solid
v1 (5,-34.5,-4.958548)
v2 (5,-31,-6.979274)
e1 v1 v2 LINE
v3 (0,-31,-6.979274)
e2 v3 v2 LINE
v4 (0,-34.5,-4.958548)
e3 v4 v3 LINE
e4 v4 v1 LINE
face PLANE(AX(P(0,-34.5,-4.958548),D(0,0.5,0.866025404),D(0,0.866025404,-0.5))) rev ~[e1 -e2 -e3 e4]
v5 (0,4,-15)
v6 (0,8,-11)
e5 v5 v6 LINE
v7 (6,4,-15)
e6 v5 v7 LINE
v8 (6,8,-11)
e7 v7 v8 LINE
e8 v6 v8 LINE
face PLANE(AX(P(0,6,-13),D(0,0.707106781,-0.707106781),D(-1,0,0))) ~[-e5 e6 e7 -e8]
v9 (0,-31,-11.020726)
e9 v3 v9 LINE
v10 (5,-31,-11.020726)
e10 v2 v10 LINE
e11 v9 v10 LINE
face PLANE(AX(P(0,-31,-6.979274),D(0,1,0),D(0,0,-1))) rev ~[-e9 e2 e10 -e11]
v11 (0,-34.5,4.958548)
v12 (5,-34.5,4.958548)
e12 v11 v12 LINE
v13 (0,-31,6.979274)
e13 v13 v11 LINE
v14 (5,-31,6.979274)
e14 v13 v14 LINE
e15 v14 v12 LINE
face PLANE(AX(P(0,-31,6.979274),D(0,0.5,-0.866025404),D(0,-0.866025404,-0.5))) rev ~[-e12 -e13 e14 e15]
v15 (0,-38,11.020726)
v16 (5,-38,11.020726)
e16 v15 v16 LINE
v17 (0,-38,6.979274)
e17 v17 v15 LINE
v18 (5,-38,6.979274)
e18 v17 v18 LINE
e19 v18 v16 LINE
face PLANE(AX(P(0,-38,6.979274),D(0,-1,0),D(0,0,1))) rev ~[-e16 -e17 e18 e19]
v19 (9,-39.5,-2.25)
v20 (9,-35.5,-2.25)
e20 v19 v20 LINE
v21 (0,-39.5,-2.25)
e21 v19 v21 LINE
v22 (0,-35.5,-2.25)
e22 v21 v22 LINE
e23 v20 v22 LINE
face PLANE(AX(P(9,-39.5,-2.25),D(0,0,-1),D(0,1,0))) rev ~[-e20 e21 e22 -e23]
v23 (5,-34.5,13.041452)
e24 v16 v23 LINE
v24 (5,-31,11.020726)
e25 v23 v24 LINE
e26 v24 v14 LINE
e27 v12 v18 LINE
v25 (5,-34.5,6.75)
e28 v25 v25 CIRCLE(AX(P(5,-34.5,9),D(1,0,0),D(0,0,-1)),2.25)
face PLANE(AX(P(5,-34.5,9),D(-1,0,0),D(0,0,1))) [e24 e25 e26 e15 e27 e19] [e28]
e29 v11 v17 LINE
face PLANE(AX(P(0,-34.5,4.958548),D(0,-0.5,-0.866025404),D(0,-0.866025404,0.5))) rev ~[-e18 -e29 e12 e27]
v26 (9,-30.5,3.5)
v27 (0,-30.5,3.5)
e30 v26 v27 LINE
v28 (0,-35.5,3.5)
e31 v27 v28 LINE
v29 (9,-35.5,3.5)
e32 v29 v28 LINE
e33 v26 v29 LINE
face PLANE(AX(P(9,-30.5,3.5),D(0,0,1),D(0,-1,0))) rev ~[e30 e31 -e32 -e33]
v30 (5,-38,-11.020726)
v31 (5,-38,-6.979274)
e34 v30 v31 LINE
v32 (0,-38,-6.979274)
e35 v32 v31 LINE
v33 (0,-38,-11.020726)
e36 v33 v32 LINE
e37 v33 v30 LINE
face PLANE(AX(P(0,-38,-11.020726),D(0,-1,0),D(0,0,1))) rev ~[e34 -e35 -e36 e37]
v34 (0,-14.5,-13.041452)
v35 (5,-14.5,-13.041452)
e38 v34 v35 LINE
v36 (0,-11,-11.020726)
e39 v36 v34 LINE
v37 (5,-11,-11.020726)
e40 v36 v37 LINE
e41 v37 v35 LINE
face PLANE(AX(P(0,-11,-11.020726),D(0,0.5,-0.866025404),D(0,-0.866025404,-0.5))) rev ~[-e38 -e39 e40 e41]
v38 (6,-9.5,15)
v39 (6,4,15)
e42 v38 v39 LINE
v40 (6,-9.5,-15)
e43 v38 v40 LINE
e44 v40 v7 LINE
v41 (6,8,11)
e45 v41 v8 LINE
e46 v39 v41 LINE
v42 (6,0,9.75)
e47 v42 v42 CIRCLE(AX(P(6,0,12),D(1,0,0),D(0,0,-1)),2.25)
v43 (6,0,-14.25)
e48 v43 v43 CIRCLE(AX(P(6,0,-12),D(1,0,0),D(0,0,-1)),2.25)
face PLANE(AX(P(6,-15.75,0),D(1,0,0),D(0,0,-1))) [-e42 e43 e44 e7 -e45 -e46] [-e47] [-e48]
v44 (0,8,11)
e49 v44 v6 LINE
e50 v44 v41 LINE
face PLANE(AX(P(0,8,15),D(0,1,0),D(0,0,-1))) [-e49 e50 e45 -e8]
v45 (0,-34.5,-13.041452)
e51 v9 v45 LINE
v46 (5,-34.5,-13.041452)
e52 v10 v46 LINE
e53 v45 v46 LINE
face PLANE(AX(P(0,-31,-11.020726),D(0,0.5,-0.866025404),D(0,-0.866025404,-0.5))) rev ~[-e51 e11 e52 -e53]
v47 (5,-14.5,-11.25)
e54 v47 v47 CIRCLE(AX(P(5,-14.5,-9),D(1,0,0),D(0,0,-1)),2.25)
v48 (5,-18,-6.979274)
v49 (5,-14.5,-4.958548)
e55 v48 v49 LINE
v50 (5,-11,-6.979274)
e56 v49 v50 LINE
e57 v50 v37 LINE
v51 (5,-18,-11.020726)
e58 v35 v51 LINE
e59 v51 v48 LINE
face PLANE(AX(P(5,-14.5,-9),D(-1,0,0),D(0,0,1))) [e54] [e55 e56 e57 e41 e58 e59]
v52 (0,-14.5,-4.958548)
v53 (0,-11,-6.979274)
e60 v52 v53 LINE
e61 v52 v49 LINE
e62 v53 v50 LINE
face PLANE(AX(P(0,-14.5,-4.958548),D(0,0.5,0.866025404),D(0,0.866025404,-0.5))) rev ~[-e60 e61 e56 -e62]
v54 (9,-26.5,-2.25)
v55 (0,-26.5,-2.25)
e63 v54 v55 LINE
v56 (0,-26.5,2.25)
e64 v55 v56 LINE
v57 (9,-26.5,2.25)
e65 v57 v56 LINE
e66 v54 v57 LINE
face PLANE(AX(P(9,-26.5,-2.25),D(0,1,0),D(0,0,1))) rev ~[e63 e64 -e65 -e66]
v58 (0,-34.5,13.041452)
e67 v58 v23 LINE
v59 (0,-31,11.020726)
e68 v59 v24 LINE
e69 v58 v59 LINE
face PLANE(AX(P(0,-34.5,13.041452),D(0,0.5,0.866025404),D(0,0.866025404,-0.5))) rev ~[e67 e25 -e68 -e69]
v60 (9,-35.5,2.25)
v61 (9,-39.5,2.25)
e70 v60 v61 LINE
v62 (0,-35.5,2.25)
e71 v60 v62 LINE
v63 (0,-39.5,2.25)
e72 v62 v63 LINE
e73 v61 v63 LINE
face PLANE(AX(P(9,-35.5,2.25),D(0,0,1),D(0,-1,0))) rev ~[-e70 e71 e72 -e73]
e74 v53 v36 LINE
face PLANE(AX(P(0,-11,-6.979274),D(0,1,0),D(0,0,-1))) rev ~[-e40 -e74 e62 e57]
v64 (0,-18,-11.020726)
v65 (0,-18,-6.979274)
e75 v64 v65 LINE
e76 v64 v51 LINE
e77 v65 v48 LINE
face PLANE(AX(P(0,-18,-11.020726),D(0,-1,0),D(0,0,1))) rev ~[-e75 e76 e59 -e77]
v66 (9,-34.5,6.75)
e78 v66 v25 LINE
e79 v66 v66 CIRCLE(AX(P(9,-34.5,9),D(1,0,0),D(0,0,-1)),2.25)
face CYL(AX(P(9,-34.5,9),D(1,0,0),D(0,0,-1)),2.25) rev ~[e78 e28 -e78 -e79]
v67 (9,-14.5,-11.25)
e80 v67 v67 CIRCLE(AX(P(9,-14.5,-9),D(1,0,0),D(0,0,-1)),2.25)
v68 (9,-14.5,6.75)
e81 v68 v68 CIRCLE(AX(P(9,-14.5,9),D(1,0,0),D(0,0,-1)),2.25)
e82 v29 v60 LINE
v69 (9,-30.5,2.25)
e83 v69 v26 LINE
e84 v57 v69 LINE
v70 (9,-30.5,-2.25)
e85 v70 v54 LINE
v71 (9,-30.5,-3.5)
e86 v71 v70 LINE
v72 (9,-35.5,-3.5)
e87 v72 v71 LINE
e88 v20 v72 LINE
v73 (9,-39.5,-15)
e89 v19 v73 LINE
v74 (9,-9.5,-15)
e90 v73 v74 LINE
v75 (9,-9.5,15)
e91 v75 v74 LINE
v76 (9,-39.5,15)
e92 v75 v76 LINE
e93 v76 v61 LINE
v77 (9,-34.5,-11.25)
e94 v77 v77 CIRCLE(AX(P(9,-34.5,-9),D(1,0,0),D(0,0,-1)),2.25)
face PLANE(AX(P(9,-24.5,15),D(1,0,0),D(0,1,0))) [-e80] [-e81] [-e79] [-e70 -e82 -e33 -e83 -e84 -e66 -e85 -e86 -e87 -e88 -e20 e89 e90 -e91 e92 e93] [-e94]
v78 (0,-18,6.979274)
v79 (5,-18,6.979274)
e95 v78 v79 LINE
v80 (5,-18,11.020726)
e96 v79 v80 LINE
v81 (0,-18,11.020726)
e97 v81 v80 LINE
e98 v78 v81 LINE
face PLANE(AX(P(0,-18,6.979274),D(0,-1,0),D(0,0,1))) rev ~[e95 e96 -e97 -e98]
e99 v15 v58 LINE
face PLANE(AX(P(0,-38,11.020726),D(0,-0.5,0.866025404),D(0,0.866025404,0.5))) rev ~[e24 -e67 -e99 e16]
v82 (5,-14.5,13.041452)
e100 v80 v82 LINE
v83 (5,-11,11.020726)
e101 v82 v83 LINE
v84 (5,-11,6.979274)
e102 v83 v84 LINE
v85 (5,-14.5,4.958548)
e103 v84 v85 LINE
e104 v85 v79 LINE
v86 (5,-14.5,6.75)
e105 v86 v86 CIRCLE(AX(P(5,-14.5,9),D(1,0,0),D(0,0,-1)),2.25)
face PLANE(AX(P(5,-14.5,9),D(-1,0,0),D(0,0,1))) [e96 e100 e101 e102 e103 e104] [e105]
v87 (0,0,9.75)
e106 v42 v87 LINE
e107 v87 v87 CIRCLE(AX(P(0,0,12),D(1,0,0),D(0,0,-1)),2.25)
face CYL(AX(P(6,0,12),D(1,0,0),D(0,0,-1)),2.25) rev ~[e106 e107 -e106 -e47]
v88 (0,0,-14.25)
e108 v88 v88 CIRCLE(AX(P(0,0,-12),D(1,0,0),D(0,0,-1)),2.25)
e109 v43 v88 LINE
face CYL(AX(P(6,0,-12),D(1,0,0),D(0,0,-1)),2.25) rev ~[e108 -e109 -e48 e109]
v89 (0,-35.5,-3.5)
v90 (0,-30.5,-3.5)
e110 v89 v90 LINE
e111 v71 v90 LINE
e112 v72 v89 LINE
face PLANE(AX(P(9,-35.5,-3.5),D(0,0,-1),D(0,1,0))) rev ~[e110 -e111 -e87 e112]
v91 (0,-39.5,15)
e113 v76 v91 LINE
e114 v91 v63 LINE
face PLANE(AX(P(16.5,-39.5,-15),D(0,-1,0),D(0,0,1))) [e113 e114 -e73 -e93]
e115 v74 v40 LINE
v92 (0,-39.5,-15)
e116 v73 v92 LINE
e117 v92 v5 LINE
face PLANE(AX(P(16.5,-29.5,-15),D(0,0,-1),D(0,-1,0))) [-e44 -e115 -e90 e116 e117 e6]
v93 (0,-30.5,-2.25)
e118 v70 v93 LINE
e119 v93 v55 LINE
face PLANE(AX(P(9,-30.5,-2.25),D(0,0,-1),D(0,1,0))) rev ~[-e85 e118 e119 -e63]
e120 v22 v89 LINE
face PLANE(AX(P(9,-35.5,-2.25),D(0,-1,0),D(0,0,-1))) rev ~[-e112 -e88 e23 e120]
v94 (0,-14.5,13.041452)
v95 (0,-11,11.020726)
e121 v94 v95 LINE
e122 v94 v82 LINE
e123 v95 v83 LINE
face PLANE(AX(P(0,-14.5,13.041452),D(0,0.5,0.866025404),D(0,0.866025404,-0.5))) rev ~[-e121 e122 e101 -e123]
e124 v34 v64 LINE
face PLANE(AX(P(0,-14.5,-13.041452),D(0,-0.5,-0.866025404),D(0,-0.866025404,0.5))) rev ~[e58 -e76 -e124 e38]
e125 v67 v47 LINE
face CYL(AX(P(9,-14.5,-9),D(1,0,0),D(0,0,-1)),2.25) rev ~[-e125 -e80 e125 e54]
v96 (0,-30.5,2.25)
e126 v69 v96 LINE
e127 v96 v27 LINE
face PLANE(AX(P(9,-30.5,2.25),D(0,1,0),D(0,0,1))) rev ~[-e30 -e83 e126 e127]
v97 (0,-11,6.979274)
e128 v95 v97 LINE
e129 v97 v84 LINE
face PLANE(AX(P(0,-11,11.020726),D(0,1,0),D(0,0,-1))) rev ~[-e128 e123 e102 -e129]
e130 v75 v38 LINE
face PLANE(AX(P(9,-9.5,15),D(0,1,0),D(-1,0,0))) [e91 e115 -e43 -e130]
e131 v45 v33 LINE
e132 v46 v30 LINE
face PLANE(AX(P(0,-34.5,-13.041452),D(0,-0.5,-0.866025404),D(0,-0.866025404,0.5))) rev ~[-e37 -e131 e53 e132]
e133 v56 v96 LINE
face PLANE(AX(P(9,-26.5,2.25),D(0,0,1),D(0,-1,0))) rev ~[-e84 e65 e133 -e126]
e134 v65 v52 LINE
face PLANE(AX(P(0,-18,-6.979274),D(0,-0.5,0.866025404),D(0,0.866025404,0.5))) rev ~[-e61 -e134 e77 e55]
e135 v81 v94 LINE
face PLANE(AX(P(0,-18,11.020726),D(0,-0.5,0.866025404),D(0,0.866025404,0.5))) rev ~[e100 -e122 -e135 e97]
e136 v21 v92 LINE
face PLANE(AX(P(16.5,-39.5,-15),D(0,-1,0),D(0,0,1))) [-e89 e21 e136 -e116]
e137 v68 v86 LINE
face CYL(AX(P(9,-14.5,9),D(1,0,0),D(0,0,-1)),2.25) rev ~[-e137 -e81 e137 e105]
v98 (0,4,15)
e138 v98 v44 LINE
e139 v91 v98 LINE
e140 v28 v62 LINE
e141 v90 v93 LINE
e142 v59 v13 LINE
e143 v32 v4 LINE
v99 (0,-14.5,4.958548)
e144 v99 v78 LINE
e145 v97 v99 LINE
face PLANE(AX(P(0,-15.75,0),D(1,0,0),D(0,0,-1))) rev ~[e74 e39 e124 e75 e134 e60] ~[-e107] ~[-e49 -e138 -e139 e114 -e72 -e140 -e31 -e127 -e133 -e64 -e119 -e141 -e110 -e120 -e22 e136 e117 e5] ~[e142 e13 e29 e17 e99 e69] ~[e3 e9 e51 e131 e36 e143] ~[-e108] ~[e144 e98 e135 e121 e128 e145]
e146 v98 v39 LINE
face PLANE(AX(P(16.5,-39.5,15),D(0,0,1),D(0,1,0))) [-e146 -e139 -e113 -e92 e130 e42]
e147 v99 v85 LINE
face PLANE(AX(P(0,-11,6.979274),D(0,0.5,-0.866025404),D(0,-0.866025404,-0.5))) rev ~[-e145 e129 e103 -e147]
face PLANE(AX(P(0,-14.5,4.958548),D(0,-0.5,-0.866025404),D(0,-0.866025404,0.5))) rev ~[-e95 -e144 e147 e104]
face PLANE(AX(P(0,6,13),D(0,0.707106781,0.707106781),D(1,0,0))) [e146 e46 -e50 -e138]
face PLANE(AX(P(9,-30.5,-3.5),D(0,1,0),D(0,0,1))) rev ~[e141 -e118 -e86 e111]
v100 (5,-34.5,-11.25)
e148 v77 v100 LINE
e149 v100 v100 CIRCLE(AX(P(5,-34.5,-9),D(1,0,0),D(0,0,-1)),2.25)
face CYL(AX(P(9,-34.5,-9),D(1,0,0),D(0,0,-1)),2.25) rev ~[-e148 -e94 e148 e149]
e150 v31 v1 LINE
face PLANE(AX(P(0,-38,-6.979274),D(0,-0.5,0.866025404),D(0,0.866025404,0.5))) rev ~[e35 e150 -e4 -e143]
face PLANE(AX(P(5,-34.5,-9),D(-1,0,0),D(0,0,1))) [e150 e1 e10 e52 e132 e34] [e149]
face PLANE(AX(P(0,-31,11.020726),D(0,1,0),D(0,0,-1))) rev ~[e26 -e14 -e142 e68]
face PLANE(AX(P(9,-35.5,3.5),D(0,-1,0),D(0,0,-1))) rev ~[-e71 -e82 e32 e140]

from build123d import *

# Parameters (mm, degrees)
SKETCH1_W           = 30
SKETCH1_H           = 47.5
BOSS_EXTRUDE1_DEPTH = 6
BOSS_EXTRUDE2_DEPTH = 30
BOSS_EXTRUDE3_DEPTH = 3
BOSS_EXTRUDE4_DEPTH = 12.5
SKETCH5_R           = 2.25
CUT_EXTRUDE1_DEPTH  = 49.106652347
SKETCH8_W           = 20
SKETCH8_H           = 15
CUT_EXTRUDE4_DEPTH  = 58.456505289
SKETCH9_R           = 2.25
CUT_EXTRUDE5_DEPTH  = 44.200115741
CUT_EXTRUDE6_DEPTH  = 5
CHAMFER1_SIZE       = 4
CUT_EXTRUDE7_DEPTH  = 44.200115741


with BuildPart() as part:
    # Sketch1 → Boss-Extrude1 (new body)
    with BuildSketch(Plane(origin=(0, 0, 0), x_dir=(0, 0, -1), z_dir=(1, 0, 0))):
        with Locations((0, -15.75)):
            Rectangle(SKETCH1_W, SKETCH1_H)
    extrude(amount=BOSS_EXTRUDE1_DEPTH)

    # Sketch2 → Boss-Extrude2 (add)
    with BuildSketch(Plane.XY.offset(15)):
        with BuildLine():
            Line((6, -39.5), (16.5, -39.5))
            Line((16.5, -39.5), (16.5, -32))
            ThreePointArc((16.5, -32), (11.196699141, -29.803300859), (9, -24.5))
            Line((9, -24.5), (9, -9.5))
            Line((9, -9.5), (6, -9.5))
            Line((6, -9.5), (6, -39.5))
        make_face()
    extrude(amount=-BOSS_EXTRUDE2_DEPTH)

    # Sketch3 → Boss-Extrude3 (add)
    with BuildSketch(Plane.XY.offset(15)):
        with BuildLine():
            Line((16.5, -29.5), (16.5, -32))
            ThreePointArc((16.5, -32), (11.196699141, -29.803300859), (9, -24.5))
            Line((9, -24.5), (11.5, -24.5))
            ThreePointArc((11.5, -24.5), (12.964466094, -28.035533906), (16.5, -29.5))
        make_face()
    boss_extrude3 = extrude(amount=-BOSS_EXTRUDE3_DEPTH)

    # Mirror1: Boss-Extrude3 across plane
    add(boss_extrude3.mirror(Plane.XY))

    # Sketch4 → Boss-Extrude4 (add)
    with BuildSketch(Plane(origin=(16.5, 0, 0), x_dir=(0, 0, -1), z_dir=(1, 0, 0))):
        Polygon((-12, -32), (12, -32), (12, -29.5), (15, -29.5), (15, -39.5), (-15, -39.5), (-15, -29.5), (-12, -29.5), align=None)
    extrude(amount=BOSS_EXTRUDE4_DEPTH)

    # Sketch5 → Cut-Extrude1 (cut, through all)
    with BuildSketch(Plane(origin=(6, 0, 0), x_dir=(0, 0, -1), z_dir=(1, 0, 0))):
        with Locations((-12, 0)):
            Circle(SKETCH5_R)
        with Locations((12, 0)):
            Circle(SKETCH5_R)
    extrude(amount=-CUT_EXTRUDE1_DEPTH, mode=Mode.SUBTRACT)

    # Sketch8 → Cut-Extrude4 (cut, through all)
    with BuildSketch(Plane.XY.offset(15)):
        with Locations((19, -32)):
            Rectangle(SKETCH8_W, SKETCH8_H)
    extrude(amount=-CUT_EXTRUDE4_DEPTH, mode=Mode.SUBTRACT)

    # Sketch9 → Cut-Extrude5 (cut, through all)
    with BuildSketch(Plane(origin=(9, 0, 0), x_dir=(0, 0, -1), z_dir=(1, 0, 0))):
        with Locations((-9, -14.5)):
            Circle(SKETCH9_R)
        with Locations((9, -14.5)):
            Circle(SKETCH9_R)
        with Locations((9, -34.5)):
            Circle(SKETCH9_R)
        with Locations((-9, -34.5)):
            Circle(SKETCH9_R)
    extrude(amount=-CUT_EXTRUDE5_DEPTH, mode=Mode.SUBTRACT)

    # Sketch10 → Cut-Extrude6 (cut)
    with BuildSketch(Plane.ZY):
        Polygon((-13.041451884, -14.5), (-11.020725942, -18), (-6.979274058, -18), (-4.958548116, -14.5), (-6.979274058, -11), (-11.020725942, -11), align=None)
        Polygon((4.958548116, -14.5), (6.979274058, -18), (11.020725942, -18), (13.041451884, -14.5), (11.020725942, -11), (6.979274058, -11), align=None)
        Polygon((4.958548116, -34.5), (6.979274058, -38), (11.020725942, -38), (13.041451884, -34.5), (11.020725942, -31), (6.979274058, -31), align=None)
        Polygon((-13.041451884, -34.5), (-11.020725942, -38), (-6.979274058, -38), (-4.958548116, -34.5), (-6.979274058, -31), (-11.020725942, -31), align=None)
    extrude(amount=-CUT_EXTRUDE6_DEPTH, mode=Mode.SUBTRACT)

    # Chamfer1
    chamfer1_edges = [part.edges().sort_by_distance(p)[0] for p in [
        (3, 8, -15),
        (3, 8, 15),
    ]]
    chamfer(chamfer1_edges, length=CHAMFER1_SIZE)

    # Sketch12 → Cut-Extrude7 (cut, through all)
    with BuildSketch(Plane(origin=(9, 0, 0), x_dir=(0, 0, -1), z_dir=(1, 0, 0))):
        Polygon((-2.25, -39.5), (2.25, -39.5), (2.25, -35.5), (3.5, -35.5), (3.5, -30.5), (2.25, -30.5), (2.25, -26.5), (-2.25, -26.5), (-2.25, -30.5), (-3.5, -30.5), (-3.5, -35.5), (-2.25, -35.5), align=None)
    extrude(amount=-CUT_EXTRUDE7_DEPTH, mode=Mode.SUBTRACT)


solid = part.part
